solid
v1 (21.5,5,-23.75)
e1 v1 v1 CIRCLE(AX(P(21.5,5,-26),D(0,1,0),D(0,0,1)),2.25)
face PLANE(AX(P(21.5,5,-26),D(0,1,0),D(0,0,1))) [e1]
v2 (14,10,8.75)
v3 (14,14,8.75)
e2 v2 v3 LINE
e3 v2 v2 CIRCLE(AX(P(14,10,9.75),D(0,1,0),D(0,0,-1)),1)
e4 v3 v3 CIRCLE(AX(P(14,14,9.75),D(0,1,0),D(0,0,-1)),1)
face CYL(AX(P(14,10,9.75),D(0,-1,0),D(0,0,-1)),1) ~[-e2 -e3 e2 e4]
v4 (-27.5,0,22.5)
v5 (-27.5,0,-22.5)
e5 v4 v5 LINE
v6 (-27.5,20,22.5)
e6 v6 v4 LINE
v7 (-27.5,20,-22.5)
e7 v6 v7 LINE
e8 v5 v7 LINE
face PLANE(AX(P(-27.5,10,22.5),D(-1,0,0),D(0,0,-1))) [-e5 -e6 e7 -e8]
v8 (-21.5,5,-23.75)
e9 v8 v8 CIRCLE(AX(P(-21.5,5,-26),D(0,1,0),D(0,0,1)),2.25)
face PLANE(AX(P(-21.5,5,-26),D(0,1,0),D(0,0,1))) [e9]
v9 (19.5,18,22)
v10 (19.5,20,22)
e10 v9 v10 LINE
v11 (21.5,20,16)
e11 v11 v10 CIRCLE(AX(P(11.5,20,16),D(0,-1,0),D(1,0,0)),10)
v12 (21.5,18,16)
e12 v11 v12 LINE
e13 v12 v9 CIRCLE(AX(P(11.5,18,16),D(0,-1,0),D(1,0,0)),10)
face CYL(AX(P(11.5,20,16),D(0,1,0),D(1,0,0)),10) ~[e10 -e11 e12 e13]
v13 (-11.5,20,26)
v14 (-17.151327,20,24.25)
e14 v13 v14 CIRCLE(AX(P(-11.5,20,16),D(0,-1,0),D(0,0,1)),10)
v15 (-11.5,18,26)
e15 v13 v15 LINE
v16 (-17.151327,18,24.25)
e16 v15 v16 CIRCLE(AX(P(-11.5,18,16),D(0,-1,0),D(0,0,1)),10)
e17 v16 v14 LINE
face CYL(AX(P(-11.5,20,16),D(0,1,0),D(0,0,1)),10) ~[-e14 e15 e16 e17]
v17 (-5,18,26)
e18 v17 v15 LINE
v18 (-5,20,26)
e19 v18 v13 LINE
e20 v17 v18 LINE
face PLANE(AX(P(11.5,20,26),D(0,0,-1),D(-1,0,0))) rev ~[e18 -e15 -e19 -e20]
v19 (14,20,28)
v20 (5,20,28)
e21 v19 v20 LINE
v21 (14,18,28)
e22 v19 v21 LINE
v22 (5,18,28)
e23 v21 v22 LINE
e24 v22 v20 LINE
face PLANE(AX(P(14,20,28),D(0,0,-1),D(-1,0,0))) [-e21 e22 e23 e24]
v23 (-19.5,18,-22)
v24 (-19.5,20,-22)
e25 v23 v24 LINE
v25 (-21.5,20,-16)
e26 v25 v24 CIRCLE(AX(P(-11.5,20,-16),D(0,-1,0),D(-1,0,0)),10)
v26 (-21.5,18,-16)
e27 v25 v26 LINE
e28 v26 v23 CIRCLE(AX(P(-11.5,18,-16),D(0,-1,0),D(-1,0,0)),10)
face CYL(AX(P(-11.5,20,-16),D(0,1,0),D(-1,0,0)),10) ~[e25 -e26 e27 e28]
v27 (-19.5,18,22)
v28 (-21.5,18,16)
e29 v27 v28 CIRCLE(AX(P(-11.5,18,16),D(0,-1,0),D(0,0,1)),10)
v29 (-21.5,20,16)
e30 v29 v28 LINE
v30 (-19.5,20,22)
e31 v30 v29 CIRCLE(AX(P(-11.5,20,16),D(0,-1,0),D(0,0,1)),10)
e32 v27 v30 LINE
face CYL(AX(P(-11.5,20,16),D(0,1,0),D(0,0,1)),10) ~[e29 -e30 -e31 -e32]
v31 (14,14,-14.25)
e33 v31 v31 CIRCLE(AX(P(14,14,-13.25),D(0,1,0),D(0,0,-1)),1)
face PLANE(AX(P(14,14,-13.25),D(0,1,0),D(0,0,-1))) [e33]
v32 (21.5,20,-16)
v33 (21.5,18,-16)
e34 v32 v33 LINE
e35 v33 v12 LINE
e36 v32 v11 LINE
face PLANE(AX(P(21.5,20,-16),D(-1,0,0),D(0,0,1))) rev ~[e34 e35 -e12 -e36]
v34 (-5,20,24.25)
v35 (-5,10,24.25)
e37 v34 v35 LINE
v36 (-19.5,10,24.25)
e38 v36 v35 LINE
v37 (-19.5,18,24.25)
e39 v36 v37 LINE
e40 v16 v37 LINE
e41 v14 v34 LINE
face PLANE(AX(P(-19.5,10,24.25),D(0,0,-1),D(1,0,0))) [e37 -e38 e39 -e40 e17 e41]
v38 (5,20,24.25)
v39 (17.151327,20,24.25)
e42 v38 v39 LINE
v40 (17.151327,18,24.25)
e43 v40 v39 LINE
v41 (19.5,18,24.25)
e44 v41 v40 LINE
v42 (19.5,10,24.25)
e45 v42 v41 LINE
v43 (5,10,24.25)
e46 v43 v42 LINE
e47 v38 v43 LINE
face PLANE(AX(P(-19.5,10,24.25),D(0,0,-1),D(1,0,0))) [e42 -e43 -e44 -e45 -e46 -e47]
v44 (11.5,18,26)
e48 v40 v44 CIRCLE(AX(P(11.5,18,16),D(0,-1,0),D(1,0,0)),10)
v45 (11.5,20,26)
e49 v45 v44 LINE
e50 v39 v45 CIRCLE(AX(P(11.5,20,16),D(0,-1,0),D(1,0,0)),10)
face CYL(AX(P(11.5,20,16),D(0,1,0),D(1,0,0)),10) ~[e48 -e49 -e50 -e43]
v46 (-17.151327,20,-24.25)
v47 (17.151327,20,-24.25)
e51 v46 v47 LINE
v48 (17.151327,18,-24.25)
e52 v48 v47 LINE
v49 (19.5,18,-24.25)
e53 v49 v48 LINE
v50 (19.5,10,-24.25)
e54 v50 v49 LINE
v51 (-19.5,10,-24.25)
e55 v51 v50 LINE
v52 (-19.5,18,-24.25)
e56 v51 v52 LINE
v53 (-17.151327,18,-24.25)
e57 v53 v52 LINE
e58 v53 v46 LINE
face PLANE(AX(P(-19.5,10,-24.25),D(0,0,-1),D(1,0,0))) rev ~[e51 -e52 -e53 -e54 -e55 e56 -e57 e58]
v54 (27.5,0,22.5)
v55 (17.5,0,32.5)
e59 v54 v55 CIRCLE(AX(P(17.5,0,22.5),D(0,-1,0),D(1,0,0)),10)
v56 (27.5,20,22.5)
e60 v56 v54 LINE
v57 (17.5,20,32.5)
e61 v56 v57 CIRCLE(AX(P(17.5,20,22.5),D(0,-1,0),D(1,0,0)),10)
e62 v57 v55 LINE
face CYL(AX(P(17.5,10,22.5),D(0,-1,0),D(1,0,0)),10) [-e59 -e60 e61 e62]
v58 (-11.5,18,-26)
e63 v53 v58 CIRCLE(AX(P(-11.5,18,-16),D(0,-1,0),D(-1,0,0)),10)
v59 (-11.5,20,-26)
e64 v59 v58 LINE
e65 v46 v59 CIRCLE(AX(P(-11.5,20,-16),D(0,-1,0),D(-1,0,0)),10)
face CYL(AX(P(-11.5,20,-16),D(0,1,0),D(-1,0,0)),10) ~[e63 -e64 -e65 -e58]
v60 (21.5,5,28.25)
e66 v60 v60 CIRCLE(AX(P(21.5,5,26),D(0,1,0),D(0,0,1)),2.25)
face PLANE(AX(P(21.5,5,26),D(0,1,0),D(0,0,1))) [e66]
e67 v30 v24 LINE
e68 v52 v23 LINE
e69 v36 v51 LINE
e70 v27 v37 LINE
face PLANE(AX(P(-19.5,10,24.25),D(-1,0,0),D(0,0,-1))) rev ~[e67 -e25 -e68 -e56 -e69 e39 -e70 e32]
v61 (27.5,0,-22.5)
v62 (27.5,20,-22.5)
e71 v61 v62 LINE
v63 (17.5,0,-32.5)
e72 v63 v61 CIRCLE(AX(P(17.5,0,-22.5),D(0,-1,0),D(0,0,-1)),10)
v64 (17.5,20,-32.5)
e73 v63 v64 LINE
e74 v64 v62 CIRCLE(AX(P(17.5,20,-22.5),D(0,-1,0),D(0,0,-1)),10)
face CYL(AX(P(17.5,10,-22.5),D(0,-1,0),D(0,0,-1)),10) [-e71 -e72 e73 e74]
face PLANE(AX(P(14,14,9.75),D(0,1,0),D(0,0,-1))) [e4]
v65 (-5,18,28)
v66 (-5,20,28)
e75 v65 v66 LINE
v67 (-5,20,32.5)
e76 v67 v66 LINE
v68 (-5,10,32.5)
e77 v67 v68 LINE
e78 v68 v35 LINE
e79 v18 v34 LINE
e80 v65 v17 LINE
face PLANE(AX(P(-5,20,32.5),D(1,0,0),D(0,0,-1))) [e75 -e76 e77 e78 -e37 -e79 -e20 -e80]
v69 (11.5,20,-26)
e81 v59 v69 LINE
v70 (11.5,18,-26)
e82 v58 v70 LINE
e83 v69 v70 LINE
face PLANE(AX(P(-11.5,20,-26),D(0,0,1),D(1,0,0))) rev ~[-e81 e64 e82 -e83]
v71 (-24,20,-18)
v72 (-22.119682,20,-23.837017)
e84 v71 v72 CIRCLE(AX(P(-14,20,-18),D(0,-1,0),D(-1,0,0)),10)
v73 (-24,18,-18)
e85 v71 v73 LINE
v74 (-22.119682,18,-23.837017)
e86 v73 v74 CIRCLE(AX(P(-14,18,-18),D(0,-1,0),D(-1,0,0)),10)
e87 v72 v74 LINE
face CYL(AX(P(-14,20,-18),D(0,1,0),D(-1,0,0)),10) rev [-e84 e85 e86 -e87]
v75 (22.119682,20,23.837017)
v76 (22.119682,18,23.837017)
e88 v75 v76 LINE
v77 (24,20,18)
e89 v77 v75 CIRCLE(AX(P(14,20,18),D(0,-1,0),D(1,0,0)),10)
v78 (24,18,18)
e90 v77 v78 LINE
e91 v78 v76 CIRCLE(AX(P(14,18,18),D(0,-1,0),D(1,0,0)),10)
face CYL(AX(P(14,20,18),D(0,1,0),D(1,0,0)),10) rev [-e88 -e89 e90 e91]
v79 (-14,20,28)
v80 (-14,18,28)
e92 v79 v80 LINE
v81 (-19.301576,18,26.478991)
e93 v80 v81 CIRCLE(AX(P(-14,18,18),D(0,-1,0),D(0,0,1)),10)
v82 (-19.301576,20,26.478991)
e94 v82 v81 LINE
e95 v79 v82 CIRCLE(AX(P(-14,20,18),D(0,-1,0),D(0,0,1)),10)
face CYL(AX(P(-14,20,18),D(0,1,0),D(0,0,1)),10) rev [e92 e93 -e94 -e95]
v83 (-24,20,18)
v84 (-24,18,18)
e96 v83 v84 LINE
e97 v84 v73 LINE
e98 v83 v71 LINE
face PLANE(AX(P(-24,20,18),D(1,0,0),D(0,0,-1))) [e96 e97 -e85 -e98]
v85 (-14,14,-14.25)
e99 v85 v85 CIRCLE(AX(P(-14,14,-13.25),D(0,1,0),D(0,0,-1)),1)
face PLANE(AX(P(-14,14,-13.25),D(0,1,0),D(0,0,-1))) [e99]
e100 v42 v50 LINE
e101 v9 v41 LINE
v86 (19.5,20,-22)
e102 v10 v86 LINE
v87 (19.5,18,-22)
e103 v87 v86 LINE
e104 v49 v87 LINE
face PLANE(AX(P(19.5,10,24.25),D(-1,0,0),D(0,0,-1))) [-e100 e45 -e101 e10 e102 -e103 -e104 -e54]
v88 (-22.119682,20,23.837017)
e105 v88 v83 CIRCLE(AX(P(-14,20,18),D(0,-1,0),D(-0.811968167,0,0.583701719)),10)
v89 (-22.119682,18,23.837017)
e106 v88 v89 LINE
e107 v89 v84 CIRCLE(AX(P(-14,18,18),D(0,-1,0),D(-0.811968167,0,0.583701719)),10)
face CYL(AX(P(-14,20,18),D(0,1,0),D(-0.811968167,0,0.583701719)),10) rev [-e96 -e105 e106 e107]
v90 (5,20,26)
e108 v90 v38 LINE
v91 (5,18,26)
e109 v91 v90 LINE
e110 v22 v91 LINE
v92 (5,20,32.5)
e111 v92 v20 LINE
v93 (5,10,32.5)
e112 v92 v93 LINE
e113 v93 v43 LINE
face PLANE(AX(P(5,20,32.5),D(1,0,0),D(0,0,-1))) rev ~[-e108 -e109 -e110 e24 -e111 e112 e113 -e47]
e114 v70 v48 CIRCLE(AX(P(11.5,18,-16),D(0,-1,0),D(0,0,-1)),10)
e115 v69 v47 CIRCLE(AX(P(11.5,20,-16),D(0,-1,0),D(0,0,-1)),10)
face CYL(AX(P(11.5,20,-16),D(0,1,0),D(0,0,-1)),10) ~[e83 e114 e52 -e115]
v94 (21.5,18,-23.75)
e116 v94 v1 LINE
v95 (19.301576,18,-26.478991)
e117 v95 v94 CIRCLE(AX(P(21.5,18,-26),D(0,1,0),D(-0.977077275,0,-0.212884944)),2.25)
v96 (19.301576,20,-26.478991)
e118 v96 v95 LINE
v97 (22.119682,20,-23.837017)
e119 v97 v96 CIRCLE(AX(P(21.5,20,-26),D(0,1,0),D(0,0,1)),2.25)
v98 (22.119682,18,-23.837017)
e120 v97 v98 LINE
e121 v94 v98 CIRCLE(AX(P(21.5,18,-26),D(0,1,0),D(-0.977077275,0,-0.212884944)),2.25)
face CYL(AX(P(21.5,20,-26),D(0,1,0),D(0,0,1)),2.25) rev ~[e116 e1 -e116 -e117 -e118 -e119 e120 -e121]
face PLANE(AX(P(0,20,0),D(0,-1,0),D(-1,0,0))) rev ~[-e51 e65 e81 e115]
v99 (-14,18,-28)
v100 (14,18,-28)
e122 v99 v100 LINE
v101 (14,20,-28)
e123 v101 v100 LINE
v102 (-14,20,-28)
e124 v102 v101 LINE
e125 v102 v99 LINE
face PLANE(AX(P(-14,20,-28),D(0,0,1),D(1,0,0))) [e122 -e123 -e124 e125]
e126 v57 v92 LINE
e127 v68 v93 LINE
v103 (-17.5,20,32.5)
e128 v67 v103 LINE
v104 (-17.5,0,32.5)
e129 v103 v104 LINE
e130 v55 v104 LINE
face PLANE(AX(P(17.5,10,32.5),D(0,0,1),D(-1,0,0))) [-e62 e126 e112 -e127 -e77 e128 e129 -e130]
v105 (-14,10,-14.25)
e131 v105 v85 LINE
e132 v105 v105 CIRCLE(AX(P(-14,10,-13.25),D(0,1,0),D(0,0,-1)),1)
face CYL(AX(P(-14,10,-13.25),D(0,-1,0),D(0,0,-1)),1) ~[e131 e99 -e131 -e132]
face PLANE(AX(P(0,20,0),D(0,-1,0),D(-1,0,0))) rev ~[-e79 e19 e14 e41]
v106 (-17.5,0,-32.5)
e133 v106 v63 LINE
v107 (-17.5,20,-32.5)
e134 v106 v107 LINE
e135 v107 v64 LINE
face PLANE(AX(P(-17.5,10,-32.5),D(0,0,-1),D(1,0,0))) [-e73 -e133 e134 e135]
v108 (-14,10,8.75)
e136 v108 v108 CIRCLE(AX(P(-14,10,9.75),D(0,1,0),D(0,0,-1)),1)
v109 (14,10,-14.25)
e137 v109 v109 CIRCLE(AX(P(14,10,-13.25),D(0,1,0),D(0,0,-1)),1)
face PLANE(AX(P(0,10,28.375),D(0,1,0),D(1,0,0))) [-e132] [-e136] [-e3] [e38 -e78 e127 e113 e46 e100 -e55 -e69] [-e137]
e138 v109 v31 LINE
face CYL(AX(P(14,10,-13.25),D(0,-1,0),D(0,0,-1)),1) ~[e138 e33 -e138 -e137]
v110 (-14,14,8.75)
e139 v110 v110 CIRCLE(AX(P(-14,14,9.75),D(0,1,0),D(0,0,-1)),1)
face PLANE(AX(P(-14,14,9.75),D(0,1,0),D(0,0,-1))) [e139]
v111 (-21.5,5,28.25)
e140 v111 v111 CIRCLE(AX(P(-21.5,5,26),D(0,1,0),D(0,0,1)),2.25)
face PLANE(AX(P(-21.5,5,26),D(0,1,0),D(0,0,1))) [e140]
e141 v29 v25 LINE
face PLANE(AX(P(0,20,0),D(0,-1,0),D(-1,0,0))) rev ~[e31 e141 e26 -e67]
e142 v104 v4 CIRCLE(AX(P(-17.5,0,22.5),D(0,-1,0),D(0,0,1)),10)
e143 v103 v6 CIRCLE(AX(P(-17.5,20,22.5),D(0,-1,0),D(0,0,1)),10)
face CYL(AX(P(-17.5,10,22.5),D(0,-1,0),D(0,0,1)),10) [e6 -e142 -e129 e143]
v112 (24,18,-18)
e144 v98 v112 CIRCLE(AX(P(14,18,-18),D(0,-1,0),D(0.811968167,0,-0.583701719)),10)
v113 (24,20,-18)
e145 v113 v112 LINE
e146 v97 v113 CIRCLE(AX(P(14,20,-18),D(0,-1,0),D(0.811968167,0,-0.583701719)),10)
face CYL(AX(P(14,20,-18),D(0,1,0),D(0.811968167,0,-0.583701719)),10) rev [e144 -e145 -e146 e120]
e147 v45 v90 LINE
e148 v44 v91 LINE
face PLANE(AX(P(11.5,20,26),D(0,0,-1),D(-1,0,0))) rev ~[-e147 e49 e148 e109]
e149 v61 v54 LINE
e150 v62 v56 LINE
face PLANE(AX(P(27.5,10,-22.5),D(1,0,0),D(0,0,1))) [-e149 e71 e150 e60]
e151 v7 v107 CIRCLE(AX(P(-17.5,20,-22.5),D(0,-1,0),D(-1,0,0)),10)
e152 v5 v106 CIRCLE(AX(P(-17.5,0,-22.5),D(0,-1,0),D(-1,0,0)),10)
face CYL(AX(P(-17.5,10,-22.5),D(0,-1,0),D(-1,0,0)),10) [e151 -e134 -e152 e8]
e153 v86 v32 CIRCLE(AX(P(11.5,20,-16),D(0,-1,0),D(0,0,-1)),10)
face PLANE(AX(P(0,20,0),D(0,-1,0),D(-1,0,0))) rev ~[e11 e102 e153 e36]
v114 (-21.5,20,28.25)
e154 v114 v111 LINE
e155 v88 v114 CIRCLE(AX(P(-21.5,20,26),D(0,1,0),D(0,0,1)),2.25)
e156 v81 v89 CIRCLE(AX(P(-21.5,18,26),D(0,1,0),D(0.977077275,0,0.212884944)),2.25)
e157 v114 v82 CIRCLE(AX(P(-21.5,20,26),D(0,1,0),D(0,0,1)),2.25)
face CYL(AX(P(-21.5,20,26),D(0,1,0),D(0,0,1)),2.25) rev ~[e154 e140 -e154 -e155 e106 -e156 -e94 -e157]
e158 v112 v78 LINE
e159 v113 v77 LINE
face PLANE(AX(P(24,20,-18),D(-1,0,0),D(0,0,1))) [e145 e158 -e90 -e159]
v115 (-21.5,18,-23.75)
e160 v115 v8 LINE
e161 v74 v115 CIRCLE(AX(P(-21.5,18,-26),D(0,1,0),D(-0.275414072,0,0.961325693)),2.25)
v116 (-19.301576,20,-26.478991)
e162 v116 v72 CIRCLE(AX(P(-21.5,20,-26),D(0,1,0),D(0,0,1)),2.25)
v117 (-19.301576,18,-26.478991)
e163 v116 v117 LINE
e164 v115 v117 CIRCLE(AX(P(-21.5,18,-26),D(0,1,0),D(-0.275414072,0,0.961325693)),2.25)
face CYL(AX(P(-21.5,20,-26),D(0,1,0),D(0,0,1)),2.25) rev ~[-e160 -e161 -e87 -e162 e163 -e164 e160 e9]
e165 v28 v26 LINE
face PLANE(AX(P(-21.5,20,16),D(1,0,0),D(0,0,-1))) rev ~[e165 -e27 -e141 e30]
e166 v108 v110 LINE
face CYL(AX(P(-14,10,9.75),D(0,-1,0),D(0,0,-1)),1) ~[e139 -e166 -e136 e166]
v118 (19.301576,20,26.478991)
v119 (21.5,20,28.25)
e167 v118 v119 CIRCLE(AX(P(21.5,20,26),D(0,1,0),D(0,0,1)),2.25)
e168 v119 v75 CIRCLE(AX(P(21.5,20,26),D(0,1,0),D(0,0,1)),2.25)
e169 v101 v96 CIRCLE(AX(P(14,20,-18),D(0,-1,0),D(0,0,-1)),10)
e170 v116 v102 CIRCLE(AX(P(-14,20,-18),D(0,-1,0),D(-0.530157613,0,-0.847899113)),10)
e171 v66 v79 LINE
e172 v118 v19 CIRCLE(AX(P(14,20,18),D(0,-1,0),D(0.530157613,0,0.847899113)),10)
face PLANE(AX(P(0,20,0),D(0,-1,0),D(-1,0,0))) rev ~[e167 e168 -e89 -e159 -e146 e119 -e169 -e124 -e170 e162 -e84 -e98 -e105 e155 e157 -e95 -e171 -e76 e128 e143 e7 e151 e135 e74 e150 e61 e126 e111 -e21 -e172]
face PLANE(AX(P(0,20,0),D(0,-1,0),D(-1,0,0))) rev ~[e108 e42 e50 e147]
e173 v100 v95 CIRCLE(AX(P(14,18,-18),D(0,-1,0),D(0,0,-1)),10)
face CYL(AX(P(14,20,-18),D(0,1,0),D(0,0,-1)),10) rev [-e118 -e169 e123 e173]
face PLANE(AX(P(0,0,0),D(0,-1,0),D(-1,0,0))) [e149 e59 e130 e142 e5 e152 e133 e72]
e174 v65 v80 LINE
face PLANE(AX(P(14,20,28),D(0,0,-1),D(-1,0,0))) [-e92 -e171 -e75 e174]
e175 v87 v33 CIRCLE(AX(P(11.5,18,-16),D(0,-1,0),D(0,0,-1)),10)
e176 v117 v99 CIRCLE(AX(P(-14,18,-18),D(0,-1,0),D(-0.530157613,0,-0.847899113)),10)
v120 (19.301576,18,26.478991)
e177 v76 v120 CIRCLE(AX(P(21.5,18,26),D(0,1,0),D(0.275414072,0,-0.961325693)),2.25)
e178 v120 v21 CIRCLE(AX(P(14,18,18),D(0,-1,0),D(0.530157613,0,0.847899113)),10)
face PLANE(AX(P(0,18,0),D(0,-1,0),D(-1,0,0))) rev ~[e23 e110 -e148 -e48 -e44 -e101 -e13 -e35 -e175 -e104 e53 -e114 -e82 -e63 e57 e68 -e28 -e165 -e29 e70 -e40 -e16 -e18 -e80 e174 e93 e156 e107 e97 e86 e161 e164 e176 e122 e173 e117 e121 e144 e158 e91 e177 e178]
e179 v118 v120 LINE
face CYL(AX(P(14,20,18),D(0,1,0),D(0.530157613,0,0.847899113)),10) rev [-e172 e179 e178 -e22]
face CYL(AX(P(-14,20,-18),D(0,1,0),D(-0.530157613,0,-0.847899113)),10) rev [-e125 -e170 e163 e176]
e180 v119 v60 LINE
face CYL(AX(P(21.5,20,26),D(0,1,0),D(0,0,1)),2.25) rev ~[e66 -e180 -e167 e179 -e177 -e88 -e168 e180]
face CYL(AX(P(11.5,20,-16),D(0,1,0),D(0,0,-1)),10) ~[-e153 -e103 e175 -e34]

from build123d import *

# Parameters (mm, degrees)
BOSS_EXTRUDE1_DEPTH = 10
SKETCH2_W           = 39
SKETCH2_H           = 48.5
BOSS_EXTRUDE2_DEPTH = 10
SKETCH6_R           = 1
BOSS_EXTRUDE3_DEPTH = 4
SKETCH7_W           = 10
SKETCH7_H           = 8.25
CUT_EXTRUDE1_DEPTH  = 10
SKETCH8_R           = 2.25
CUT_EXTRUDE2_DEPTH  = 15
CUT_EXTRUDE3_DEPTH  = 2


with BuildPart() as part:
    # Sketch1 → Boss-Extrude1 (new body)
    with BuildSketch(Plane(origin=(0, 0, 0), x_dir=(1, 0, 0), z_dir=(0, 1, 0))):
        with BuildLine():
            Line((-17.5, 32.5), (17.5, 32.5))
            ThreePointArc((17.5, 32.5), (24.571067812, 29.571067812), (27.5, 22.5))
            Line((27.5, 22.5), (27.5, -22.5))
            ThreePointArc((27.5, -22.5), (24.571067812, -29.571067812), (17.5, -32.5))
            Line((17.5, -32.5), (-17.5, -32.5))
            ThreePointArc((-17.5, -32.5), (-24.571067812, -29.571067812), (-27.5, -22.5))
            Line((-27.5, -22.5), (-27.5, 22.5))
            ThreePointArc((-27.5, 22.5), (-24.571067812, 29.571067812), (-17.5, 32.5))
        make_face()
    extrude(amount=BOSS_EXTRUDE1_DEPTH)

    # Sketch2 → Boss-Extrude2 (add)
    with BuildSketch(Plane(origin=(0, 10, 0), x_dir=(1, 0, 0), z_dir=(0, 1, 0))):
        with BuildLine():
            Line((27.5, 22.5), (27.5, -22.5))
            ThreePointArc((27.5, -22.5), (24.571067812, -29.571067812), (17.5, -32.5))
            Line((17.5, -32.5), (-17.5, -32.5))
            ThreePointArc((-17.5, -32.5), (-24.571067812, -29.571067812), (-27.5, -22.5))
            Line((-27.5, -22.5), (-27.5, 22.5))
            ThreePointArc((-27.5, 22.5), (-24.571067812, 29.571067812), (-17.5, 32.5))
            Line((-17.5, 32.5), (17.5, 32.5))
            ThreePointArc((17.5, 32.5), (24.571067812, 29.571067812), (27.5, 22.5))
        make_face()
        Rectangle(SKETCH2_W, SKETCH2_H, mode=Mode.SUBTRACT)
    extrude(amount=BOSS_EXTRUDE2_DEPTH)

    # Sketch6 → Boss-Extrude3 (add)
    with BuildSketch(Plane(origin=(0, 10, 0), x_dir=(1, 0, 0), z_dir=(0, 1, 0))):
        with Locations(Location((-14, 13.25, 0), (0, 0, 90))):
            Circle(SKETCH6_R)
        with Locations(Location((14, 13.25, 0), (0, 0, 90))):
            Circle(SKETCH6_R)
        with Locations(Location((14, -9.75, 0), (0, 0, 90))):
            Circle(SKETCH6_R)
        with Locations(Location((-14, -9.75, 0), (0, 0, 90))):
            Circle(SKETCH6_R)
    extrude(amount=BOSS_EXTRUDE3_DEPTH)

    # Sketch7 → Cut-Extrude1 (cut)
    with BuildSketch(Plane(origin=(0, 20, 0), x_dir=(1, 0, 0), z_dir=(0, 1, 0))):
        with Locations((0, -28.375)):
            Rectangle(SKETCH7_W, SKETCH7_H)
    extrude(amount=-CUT_EXTRUDE1_DEPTH, mode=Mode.SUBTRACT)

    # Sketch8 → Cut-Extrude2 (cut)
    with BuildSketch(Plane(origin=(0, 20, 0), x_dir=(1, 0, 0), z_dir=(0, 1, 0))):
        with Locations(Location((-21.5, -26, 0), (0, 0, 270))):
            Circle(SKETCH8_R)
        with Locations(Location((21.5, -26, 0), (0, 0, 270))):
            Circle(SKETCH8_R)
        with Locations(Location((21.5, 26, 0), (0, 0, 270))):
            Circle(SKETCH8_R)
        with Locations(Location((-21.5, 26, 0), (0, 0, 270))):
            Circle(SKETCH8_R)
    extrude(amount=-CUT_EXTRUDE2_DEPTH, mode=Mode.SUBTRACT)

    # Sketch9 → Cut-Extrude3 (cut)
    with BuildSketch(Plane(origin=(0, 20, 0), x_dir=(1, 0, 0), z_dir=(0, 1, 0))):
        with BuildLine():
            Line((-14, 28), (14, 28))
            ThreePointArc((14, 28), (16.757724491, 27.612229483), (19.301576132, 26.478991126))
            ThreePointArc((19.301576132, 26.478991126), (19.96113246, 24.358541291), (22.119681664, 23.83701719))
            ThreePointArc((22.119681664, 23.83701719), (23.518319616, 21.066201507), (24, 18))
            Line((24, 18), (24, -18))
            ThreePointArc((24, -18), (23.518319616, -21.066201507), (22.119681664, -23.83701719))
            ThreePointArc((22.119681664, -23.83701719), (19.96113246, -24.358541291), (19.301576132, -26.478991126))
            ThreePointArc((19.301576132, -26.478991126), (16.757724491, -27.612229483), (14, -28))
            Line((14, -28), (-14, -28))
            ThreePointArc((-14, -28), (-16.757724491, -27.612229483), (-19.301576132, -26.478991126))
            ThreePointArc((-19.301576132, -26.478991126), (-19.96113246, -24.358541291), (-22.119681664, -23.83701719))
            ThreePointArc((-22.119681664, -23.83701719), (-23.518319616, -21.066201507), (-24, -18))
            Line((-24, -18), (-24, 18))
            ThreePointArc((-24, 18), (-23.518319616, 21.066201507), (-22.119681664, 23.83701719))
            ThreePointArc((-22.119681664, 23.83701719), (-19.96113246, 24.358541291), (-19.301576132, 26.478991126))
            ThreePointArc((-19.301576132, 26.478991126), (-16.757724491, 27.612229483), (-14, 28))
        make_face()
        with BuildLine():
            Line((-11.5, 26), (11.5, 26))
            ThreePointArc((11.5, 26), (18.571067812, 23.071067812), (21.5, 16))
            Line((21.5, 16), (21.5, -16))
            ThreePointArc((21.5, -16), (18.571067812, -23.071067812), (11.5, -26))
            Line((11.5, -26), (-11.5, -26))
            ThreePointArc((-11.5, -26), (-18.571067812, -23.071067812), (-21.5, -16))
            Line((-21.5, -16), (-21.5, 16))
            ThreePointArc((-21.5, 16), (-18.571067812, 23.071067812), (-11.5, 26))
        make_face(mode=Mode.SUBTRACT)
    extrude(amount=-CUT_EXTRUDE3_DEPTH, mode=Mode.SUBTRACT)


solid = part.part
